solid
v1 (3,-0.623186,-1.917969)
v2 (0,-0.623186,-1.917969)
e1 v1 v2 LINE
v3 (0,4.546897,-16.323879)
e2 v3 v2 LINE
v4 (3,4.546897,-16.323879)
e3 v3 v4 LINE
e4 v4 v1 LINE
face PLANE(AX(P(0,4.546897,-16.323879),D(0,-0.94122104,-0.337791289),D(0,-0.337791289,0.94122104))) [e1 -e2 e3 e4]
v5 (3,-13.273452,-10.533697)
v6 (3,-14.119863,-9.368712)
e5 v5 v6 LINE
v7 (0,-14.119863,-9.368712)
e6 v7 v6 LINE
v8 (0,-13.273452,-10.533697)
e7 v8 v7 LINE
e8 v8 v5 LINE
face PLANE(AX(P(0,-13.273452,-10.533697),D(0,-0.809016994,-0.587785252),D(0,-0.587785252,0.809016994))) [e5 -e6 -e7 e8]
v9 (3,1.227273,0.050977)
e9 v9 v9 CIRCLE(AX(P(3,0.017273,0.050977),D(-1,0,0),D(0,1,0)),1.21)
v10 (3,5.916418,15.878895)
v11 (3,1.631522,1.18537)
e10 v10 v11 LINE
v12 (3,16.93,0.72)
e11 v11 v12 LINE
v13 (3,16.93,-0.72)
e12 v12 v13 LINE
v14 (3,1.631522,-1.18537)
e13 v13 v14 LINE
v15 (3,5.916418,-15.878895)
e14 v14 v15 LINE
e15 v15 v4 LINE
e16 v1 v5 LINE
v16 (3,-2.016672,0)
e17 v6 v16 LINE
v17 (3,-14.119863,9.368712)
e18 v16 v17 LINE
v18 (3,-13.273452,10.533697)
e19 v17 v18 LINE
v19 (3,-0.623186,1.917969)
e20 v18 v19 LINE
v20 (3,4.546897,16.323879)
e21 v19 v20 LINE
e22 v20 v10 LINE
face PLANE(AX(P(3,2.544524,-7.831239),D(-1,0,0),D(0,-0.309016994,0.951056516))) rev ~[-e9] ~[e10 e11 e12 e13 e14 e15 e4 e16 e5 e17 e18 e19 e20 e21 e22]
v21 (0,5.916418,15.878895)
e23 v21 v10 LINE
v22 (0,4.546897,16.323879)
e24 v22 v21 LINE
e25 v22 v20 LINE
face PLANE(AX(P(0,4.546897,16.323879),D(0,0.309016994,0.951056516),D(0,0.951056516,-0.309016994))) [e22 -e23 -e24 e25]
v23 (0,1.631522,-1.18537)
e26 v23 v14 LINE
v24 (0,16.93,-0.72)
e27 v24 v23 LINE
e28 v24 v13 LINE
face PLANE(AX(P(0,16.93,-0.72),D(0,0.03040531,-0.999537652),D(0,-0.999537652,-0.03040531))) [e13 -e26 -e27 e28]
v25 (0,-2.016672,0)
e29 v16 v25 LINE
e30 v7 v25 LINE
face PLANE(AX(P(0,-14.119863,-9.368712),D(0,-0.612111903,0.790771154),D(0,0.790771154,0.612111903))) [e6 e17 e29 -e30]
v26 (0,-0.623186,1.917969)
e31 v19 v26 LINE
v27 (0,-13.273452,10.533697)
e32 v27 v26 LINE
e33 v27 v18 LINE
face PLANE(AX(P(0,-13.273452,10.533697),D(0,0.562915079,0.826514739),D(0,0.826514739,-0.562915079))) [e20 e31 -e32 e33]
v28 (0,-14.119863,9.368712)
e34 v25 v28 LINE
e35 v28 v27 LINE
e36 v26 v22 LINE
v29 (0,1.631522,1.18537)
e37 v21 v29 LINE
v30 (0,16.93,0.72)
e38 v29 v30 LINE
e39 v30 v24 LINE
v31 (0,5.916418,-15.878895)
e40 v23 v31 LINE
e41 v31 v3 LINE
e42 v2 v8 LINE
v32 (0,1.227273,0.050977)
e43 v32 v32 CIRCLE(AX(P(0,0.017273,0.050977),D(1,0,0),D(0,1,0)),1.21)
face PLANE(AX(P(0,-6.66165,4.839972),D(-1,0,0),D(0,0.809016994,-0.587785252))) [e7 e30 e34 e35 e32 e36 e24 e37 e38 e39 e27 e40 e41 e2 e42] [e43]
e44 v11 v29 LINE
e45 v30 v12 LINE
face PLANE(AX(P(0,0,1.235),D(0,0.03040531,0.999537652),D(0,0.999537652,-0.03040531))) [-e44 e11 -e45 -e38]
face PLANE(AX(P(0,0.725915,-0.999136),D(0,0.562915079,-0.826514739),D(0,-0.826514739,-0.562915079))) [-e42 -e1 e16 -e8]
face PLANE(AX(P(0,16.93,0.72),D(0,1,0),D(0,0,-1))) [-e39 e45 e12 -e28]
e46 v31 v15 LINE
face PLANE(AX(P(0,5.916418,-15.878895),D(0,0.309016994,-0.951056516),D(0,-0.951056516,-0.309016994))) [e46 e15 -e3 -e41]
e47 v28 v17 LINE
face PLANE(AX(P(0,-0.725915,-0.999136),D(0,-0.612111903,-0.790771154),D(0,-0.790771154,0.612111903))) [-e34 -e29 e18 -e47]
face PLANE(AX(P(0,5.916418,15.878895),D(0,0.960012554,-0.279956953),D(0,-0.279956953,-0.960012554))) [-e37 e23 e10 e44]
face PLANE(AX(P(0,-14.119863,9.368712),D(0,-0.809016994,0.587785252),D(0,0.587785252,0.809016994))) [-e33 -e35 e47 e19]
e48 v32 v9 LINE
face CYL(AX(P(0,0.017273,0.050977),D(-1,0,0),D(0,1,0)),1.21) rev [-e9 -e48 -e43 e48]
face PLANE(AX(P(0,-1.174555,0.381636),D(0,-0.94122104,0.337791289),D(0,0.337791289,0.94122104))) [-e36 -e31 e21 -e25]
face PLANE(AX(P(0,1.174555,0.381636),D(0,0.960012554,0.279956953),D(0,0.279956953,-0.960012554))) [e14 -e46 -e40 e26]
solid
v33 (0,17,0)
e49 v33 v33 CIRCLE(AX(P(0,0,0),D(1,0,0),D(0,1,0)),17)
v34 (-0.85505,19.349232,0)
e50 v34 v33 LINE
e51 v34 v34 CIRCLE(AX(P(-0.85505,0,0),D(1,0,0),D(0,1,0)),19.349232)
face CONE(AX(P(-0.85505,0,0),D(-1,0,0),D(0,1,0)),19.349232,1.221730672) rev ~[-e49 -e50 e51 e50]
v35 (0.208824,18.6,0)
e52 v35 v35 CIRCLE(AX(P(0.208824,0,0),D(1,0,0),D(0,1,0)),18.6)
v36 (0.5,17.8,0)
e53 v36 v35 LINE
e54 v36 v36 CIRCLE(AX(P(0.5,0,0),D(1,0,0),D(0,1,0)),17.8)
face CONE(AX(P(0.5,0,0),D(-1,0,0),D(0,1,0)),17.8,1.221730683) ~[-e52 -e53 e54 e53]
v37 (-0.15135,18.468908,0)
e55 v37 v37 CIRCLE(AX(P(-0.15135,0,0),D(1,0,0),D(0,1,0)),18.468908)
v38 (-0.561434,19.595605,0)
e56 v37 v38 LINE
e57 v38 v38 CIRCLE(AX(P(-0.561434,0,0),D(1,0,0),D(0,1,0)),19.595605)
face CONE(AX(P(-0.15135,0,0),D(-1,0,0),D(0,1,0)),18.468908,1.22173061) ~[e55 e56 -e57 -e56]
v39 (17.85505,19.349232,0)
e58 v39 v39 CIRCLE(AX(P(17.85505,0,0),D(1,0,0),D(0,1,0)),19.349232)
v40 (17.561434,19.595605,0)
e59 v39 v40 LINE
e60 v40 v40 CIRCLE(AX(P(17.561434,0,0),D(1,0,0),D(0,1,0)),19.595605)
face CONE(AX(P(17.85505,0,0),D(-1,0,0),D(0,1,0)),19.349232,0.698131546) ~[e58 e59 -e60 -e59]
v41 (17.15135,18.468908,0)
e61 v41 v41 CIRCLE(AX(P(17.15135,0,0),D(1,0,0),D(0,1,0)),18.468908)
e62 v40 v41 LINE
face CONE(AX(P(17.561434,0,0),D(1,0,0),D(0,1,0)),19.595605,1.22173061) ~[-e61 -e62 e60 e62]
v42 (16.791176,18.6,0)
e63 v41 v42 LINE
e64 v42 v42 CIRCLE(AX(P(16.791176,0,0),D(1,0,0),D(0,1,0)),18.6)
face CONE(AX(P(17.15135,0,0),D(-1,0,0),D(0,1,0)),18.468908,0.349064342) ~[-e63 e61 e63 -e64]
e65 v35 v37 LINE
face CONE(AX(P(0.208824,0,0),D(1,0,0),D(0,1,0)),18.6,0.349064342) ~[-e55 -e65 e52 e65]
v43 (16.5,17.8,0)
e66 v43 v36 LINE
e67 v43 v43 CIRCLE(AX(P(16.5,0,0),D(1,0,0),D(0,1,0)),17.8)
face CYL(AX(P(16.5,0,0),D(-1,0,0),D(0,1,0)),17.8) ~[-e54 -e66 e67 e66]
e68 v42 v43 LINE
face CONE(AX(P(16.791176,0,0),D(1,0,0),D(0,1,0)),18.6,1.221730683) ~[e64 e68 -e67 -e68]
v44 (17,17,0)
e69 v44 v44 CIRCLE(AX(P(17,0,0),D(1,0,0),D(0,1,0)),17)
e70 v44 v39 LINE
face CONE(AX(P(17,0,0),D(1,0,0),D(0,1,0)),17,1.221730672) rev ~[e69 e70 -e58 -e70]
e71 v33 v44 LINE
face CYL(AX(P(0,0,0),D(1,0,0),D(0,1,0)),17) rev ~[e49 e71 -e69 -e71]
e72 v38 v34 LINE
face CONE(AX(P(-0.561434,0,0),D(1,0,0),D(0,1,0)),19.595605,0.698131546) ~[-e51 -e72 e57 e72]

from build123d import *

# Parameters (mm, degrees)
PAD_DEPTH          = 3
POLARPATTERN_COUNT = 5
SKETCH003_R        = 1.21
POCKET_DEPTH       = 5


with BuildPart() as body:
    # Sketch → Revolution (revolve)
    with BuildSketch(Plane.XY):
        Polygon((-0.85505, 19.349232), (0, 17), (17, 17), (17.85505, 19.349232), (17.561434, 19.595605), (17.15135, 18.468908), (16.791176, 18.6), (16.5, 17.8), (0.5, 17.8), (0.208824, 18.6), (-0.15135, 18.468908), (-0.561434, 19.595605), align=None)
    revolve(axis=Axis((0, 0, 0), (1, 0, 0)))


with BuildPart() as body001:
    # Sketch002 → Pad (new body)
    with BuildSketch(Plane.YZ):
        Polygon((0, 1.235), (16.93, 0.72), (16.93, -0.72), (0, -1.235), align=None)
    pad = extrude(amount=PAD_DEPTH)

    # PolarPattern: Pad ×5 about axis
    polarpattern_axis = Axis((0, 0, 0), (1, 0, 0))
    for i in range(1, POLARPATTERN_COUNT):
        add(pad.rotate(polarpattern_axis, i * 360 / POLARPATTERN_COUNT))

    # Sketch003 → Pocket (cut)
    with BuildSketch(Plane.YZ):
        with Locations((0.017273, 0.050977)):
            Circle(SKETCH003_R)
    extrude(amount=POCKET_DEPTH, mode=Mode.SUBTRACT)


solid = Compound([body.part, body001.part])
